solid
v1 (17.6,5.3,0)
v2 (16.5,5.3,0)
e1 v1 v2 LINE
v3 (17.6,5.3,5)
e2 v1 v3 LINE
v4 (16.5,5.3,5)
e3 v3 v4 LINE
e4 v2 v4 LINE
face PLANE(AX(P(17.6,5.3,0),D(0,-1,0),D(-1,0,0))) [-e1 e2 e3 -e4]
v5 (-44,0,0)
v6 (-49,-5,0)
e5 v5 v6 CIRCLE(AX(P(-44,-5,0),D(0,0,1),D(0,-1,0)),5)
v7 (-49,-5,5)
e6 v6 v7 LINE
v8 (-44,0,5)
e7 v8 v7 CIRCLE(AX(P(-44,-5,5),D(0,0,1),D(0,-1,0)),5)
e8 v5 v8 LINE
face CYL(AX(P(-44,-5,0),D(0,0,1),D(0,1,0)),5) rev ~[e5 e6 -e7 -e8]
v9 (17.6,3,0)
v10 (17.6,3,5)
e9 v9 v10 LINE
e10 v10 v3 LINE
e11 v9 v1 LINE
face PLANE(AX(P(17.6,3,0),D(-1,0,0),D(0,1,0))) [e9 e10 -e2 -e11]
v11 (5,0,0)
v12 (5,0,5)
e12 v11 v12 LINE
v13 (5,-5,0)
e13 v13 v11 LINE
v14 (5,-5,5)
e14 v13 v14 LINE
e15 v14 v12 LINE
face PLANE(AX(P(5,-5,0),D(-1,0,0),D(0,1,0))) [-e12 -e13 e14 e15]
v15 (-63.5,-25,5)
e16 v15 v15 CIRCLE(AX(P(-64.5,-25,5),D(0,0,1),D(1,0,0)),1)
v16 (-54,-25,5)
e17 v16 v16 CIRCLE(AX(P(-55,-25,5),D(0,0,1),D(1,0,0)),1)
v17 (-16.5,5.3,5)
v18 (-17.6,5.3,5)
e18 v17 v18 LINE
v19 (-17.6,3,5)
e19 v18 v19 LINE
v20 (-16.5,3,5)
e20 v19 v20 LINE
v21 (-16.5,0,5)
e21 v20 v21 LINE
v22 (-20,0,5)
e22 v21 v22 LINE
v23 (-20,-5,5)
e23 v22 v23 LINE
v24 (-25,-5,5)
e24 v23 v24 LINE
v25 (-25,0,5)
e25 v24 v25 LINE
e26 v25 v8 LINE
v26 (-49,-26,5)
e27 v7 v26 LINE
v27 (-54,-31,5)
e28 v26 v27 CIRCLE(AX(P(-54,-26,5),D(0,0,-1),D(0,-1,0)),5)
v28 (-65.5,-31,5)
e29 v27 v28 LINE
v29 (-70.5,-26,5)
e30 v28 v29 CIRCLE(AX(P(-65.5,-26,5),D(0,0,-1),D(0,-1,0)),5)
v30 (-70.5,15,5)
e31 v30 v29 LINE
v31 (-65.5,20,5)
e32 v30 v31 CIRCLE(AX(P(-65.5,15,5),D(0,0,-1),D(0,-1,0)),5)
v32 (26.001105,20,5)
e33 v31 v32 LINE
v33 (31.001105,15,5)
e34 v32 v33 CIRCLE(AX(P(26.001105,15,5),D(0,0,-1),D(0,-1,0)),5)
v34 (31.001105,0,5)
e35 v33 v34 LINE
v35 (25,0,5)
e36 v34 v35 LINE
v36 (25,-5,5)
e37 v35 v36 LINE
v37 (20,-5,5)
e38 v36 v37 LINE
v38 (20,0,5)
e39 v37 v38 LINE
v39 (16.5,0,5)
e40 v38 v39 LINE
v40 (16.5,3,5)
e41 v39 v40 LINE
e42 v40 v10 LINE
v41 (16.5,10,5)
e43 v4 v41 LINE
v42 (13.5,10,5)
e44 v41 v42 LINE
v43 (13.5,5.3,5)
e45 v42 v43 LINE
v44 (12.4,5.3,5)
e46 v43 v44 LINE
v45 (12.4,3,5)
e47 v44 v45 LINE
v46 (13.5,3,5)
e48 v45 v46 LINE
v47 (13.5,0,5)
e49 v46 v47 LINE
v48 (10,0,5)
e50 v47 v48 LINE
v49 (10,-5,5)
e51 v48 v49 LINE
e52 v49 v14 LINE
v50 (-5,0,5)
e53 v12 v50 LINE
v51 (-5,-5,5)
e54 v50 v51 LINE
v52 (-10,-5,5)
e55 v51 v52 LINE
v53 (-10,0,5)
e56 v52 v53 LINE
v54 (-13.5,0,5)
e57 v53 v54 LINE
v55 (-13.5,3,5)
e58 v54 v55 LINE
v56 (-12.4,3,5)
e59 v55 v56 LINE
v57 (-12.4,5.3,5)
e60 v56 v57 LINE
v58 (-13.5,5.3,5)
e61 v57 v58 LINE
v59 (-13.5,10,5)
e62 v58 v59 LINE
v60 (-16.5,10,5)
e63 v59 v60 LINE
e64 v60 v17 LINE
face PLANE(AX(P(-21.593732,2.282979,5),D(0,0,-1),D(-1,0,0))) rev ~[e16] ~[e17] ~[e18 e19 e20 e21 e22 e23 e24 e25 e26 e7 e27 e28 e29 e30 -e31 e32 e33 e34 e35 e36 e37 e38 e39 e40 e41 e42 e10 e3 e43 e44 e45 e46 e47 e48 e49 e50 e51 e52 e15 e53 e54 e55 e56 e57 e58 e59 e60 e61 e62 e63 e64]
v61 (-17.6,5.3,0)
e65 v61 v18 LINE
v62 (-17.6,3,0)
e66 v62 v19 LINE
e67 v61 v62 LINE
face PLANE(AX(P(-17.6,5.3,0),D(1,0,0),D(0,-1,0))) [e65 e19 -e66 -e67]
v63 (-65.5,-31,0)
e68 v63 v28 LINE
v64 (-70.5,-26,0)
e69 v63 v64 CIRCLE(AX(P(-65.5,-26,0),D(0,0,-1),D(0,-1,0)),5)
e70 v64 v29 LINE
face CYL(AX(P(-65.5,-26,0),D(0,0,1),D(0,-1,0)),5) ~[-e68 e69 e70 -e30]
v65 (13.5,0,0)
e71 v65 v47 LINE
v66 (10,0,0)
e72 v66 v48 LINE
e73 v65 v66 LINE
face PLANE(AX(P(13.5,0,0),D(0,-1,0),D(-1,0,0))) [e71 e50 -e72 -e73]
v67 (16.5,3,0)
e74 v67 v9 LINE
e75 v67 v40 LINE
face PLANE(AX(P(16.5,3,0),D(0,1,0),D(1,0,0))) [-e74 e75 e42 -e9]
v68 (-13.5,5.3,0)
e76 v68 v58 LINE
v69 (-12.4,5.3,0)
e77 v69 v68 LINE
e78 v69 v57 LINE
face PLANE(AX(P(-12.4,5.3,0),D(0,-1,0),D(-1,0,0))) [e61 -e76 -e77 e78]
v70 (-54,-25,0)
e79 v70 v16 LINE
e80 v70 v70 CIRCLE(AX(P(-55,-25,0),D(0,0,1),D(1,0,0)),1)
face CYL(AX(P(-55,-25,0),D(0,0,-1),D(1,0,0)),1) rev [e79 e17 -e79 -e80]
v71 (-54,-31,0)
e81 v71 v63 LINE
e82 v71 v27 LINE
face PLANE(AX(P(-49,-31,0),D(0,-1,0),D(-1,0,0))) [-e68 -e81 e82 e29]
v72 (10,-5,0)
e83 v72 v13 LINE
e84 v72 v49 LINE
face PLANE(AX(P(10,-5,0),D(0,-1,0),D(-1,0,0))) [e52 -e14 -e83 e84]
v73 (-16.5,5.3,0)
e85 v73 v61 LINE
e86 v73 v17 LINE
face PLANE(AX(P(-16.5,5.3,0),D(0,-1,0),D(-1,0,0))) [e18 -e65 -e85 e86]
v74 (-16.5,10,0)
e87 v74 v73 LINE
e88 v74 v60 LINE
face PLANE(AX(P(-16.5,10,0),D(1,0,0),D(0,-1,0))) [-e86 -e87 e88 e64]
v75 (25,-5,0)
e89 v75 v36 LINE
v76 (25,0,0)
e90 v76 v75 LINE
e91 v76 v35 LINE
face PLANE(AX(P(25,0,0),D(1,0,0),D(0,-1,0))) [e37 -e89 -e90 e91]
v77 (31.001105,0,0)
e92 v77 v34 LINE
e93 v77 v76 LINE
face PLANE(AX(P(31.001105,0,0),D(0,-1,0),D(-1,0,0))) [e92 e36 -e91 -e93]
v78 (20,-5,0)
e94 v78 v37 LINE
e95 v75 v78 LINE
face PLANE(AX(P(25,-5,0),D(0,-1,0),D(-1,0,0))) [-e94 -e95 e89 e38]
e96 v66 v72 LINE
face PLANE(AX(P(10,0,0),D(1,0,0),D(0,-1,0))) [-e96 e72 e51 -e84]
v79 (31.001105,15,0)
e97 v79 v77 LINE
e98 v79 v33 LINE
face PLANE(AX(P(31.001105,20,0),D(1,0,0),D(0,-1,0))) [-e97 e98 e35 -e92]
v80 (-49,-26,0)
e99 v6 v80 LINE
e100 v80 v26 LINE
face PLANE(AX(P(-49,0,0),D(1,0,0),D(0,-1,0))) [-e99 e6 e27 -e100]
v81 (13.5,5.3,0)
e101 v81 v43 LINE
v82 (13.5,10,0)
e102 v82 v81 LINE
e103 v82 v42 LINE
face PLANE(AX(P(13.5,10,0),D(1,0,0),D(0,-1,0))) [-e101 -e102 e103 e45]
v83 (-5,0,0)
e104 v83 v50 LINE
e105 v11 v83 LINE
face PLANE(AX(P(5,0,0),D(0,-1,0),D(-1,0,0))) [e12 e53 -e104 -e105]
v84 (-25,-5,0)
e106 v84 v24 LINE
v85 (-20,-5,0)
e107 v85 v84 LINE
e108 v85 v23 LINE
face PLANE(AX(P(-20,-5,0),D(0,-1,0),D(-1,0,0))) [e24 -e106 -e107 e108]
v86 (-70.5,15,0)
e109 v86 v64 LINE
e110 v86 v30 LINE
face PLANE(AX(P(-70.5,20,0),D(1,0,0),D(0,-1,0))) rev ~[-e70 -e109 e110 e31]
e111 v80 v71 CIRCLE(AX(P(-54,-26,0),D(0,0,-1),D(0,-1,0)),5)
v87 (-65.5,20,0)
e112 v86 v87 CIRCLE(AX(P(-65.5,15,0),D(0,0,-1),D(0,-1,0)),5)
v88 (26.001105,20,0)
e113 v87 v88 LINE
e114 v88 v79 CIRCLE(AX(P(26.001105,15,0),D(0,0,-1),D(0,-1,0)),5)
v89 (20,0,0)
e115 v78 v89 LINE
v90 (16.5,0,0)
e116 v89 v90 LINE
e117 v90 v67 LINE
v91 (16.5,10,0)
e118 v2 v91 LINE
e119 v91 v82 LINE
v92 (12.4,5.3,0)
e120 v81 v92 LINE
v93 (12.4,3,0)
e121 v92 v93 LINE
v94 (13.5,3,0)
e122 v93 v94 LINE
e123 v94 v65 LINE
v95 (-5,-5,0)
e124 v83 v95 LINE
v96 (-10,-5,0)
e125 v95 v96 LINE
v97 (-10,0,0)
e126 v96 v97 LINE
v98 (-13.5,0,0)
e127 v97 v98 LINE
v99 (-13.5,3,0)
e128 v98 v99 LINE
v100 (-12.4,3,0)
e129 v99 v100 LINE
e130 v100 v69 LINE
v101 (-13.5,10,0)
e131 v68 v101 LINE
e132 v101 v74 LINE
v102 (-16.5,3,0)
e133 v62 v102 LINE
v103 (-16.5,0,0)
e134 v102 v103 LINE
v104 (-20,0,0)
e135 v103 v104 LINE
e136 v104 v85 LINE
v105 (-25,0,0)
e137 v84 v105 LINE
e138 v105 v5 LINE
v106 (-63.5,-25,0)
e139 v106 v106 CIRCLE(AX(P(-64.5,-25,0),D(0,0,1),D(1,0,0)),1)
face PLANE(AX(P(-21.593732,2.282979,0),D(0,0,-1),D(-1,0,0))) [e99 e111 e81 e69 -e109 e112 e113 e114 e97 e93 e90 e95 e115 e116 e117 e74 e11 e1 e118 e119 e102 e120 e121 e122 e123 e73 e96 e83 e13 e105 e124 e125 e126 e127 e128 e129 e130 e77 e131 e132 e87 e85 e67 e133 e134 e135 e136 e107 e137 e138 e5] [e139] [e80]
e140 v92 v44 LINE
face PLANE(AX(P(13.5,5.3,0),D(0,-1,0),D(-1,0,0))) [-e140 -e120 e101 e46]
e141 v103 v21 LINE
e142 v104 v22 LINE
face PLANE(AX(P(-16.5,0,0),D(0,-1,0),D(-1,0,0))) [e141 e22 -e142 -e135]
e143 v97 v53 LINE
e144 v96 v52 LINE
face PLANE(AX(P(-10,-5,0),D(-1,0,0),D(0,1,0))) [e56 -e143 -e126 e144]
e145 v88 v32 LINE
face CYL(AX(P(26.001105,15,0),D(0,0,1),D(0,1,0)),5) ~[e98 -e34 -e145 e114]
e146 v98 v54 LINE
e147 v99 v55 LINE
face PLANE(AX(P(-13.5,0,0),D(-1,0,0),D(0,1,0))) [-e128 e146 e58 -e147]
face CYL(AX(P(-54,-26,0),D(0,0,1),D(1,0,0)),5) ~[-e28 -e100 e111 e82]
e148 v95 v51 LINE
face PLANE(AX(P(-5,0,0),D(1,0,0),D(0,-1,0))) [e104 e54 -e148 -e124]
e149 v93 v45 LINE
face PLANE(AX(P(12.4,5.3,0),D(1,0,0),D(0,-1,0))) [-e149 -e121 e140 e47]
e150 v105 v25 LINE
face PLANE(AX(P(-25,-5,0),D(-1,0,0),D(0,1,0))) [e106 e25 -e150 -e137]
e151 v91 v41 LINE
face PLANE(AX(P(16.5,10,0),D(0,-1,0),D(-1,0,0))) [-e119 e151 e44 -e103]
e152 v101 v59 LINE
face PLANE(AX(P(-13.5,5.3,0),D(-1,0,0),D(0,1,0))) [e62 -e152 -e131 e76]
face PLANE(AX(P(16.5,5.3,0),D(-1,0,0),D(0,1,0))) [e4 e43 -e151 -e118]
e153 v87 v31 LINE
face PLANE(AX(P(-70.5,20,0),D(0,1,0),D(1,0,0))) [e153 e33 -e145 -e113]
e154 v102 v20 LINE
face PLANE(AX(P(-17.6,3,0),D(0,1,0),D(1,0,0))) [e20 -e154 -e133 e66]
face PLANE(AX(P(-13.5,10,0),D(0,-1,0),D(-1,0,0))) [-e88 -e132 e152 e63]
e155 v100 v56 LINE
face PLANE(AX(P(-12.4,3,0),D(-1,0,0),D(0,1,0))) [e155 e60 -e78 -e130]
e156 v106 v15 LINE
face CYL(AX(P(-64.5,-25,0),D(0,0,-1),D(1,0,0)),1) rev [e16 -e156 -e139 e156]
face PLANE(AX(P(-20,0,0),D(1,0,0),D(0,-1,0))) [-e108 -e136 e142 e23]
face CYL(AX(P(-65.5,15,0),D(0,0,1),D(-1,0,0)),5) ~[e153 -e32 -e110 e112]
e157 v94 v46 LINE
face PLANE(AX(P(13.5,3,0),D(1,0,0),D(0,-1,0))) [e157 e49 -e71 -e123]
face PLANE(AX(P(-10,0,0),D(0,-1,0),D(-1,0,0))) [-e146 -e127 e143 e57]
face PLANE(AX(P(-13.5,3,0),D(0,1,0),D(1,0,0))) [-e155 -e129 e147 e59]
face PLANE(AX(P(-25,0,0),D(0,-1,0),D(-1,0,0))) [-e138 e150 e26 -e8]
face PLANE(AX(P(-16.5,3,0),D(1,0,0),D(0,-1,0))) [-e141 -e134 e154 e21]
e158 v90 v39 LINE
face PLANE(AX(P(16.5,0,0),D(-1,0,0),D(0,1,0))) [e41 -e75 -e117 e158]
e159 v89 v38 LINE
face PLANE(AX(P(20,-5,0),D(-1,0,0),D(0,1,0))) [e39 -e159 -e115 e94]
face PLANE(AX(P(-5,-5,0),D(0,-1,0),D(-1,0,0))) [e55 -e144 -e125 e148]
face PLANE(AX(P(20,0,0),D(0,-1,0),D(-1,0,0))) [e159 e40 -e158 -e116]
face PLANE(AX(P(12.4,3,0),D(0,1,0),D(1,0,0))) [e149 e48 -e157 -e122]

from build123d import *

# Parameters (mm, degrees)
ESQUISSE1_R        = 1
BOSS_EXTRU_1_DEPTH = 5
CONG_1_R           = 5


with BuildPart() as part:
    # Esquisse1 → Boss.-Extru.1 (new body)
    with BuildSketch(Plane.XY):
        Polygon((-16.5, 0), (-20, 0), (-20, -5), (-25, -5), (-25, 0), (-49, 0), (-49, -31), (-70.5, -31), (-70.5, 0), (-70.5, 20), (31.001104841, 20), (31.001104841, 0), (25, 0), (25, -5), (20, -5), (20, 0), (16.5, 0), (16.5, 3), (17.6, 3), (17.6, 5.3), (16.5, 5.3), (16.5, 10), (13.5, 10), (13.5, 5.3), (12.4, 5.3), (12.4, 3), (13.5, 3), (13.5, 0), (10, 0), (10, -5), (5, -5), (5, 0), (-5, 0), (-5, -5), (-10, -5), (-10, 0), (-13.5, 0), (-13.5, 3), (-12.4, 3), (-12.4, 5.3), (-13.5, 5.3), (-13.5, 10), (-16.5, 10), (-16.5, 5.3), (-17.6, 5.3), (-17.6, 3), (-16.5, 3), align=None)
        with Locations((-64.5, -25)):
            Circle(ESQUISSE1_R, mode=Mode.SUBTRACT)
        with Locations((-55, -25)):
            Circle(ESQUISSE1_R, mode=Mode.SUBTRACT)
    extrude(amount=BOSS_EXTRU_1_DEPTH)

    # Congé1
    cong_1_edges = [part.edges().sort_by_distance(p)[0] for p in [
        (-49, 0, 2.5),
        (-49, -31, 2.5),
        (-70.5, -31, 2.5),
        (-70.5, 20, 2.5),
        (31.001104841, 20, 2.5),
    ]]
    fillet(cong_1_edges, radius=CONG_1_R)


solid = part.part
